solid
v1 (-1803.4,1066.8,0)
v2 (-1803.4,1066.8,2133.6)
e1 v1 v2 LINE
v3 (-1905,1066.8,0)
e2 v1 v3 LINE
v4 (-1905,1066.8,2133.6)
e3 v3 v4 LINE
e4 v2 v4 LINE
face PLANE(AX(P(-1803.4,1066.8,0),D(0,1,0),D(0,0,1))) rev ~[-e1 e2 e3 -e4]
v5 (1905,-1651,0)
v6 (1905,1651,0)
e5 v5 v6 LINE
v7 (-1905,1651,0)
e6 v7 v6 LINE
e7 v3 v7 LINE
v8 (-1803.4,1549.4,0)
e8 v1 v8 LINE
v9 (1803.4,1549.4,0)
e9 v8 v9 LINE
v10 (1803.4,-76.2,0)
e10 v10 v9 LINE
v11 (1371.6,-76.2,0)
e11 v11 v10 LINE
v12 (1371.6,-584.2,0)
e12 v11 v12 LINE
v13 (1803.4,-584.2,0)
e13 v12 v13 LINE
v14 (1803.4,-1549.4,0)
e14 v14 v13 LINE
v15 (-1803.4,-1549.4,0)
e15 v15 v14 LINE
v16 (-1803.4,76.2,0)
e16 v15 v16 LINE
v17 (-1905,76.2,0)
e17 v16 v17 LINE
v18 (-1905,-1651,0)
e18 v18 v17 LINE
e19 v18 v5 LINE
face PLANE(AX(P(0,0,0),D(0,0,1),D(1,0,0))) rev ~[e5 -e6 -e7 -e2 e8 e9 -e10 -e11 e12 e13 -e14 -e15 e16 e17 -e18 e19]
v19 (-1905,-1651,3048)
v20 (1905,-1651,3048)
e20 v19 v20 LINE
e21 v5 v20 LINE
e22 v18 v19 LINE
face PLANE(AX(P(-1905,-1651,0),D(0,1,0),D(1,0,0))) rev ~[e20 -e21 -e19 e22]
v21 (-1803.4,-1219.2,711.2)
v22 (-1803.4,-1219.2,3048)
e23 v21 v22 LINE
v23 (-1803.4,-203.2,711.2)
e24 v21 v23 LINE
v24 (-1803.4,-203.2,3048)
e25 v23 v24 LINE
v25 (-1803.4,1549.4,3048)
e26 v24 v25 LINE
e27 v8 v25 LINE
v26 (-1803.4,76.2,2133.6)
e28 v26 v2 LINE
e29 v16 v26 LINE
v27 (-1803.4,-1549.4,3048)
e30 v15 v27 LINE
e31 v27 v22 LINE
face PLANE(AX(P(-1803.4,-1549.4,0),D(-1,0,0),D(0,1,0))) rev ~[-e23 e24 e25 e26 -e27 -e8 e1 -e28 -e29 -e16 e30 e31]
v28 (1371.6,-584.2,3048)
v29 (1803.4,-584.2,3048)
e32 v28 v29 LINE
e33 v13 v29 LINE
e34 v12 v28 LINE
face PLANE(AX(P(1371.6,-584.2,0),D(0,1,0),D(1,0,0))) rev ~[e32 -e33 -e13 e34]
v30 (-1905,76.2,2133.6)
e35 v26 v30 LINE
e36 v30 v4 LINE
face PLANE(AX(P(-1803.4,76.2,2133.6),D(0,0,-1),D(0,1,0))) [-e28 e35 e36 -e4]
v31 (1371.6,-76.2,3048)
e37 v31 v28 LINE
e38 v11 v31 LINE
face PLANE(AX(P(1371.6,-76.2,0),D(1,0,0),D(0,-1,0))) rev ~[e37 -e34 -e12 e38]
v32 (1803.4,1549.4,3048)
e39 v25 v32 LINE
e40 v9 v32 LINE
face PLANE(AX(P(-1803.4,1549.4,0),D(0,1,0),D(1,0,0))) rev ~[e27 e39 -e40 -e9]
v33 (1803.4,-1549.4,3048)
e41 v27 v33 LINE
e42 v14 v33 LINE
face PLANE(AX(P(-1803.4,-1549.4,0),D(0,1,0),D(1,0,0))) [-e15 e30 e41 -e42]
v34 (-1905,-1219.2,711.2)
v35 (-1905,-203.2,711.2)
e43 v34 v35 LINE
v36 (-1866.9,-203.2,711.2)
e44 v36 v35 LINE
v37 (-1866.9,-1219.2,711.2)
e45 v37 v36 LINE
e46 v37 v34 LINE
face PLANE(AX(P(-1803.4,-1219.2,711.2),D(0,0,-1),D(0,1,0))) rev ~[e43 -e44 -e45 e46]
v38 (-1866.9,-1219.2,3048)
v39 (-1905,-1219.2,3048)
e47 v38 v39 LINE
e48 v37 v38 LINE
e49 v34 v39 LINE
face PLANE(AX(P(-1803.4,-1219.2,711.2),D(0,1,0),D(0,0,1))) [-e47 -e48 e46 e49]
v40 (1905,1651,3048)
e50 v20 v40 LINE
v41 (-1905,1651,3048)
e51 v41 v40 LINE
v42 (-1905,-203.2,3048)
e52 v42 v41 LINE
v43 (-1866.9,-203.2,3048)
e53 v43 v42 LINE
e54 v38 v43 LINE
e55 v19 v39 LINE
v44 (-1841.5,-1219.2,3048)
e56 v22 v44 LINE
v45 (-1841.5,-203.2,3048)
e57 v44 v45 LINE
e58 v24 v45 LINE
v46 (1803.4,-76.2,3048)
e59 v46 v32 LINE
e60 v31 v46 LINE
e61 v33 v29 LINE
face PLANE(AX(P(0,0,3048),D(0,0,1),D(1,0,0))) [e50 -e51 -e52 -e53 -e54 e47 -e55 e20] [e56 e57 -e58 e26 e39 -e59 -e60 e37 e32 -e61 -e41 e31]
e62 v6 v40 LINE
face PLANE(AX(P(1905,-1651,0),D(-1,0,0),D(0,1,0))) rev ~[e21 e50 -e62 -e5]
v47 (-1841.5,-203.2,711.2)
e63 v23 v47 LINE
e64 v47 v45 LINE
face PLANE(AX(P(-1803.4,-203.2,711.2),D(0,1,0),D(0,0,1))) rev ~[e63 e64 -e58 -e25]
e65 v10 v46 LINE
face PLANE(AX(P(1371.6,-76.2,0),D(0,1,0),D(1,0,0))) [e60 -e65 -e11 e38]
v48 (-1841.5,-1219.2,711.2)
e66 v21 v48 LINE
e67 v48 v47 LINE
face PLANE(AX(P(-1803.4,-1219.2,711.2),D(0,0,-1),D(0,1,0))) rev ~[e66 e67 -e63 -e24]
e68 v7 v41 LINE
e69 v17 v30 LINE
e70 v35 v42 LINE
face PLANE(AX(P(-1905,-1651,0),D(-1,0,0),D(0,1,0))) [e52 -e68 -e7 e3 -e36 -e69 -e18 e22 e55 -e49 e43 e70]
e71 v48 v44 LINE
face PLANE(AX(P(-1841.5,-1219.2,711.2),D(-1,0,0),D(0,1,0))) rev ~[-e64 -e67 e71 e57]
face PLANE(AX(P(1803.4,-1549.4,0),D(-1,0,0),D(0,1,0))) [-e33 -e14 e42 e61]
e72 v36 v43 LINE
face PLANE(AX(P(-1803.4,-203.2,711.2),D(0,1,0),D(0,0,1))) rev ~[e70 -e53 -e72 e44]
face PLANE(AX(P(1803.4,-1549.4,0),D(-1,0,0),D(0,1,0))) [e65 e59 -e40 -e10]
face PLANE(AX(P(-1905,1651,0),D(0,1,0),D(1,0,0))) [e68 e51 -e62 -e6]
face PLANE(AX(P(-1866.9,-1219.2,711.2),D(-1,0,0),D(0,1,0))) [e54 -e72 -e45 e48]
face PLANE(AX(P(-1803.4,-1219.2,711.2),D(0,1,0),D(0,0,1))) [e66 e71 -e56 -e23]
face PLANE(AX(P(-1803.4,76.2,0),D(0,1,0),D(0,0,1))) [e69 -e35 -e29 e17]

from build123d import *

# Parameters (mm, degrees)
F0_W     = 3810
F0_H     = 3302
F0_W_2   = 3606.8
F0_H_2   = 3098.8
F1_DEPTH = 3048
F2_W     = 990.6
F2_H     = 2133.6
F3_DEPTH = 101.6
F4_W     = 431.8
F4_H     = 508
F5_DEPTH = 3048
F6_W     = 1016
F6_H     = 2336.8
F7_DEPTH = 101.6
F8_W     = 25.4
F8_H     = 1016
F9_DEPTH = 2336.8


with BuildPart() as f1:
    # F0 (on Top) → F1 (new body)
    with BuildSketch(Plane.XY):
        Rectangle(F0_W, F0_H)
        Rectangle(F0_W_2, F0_H_2, mode=Mode.SUBTRACT)
    extrude(amount=F1_DEPTH)

    # F2 (on face) → F3 (cut, through all)
    with BuildSketch(Plane.YZ.offset(-1803.4)):
        with Locations((571.5, 1066.8)):
            Rectangle(F2_W, F2_H)
    extrude(amount=-F3_DEPTH, mode=Mode.SUBTRACT)

    # F4 (on face) → F5 (join, through all)
    with BuildSketch(Plane(origin=(0, 0, 0), x_dir=(1, 0, 0), z_dir=(0, 0, -1))):
        with Locations((1587.5, 330.2)):
            Rectangle(F4_W, F4_H)
    extrude(amount=-F5_DEPTH)

    # F6 (on face) → F7 (cut, through all)
    with BuildSketch(Plane.YZ.offset(-1803.4)):
        with Locations((-711.2, 1879.6)):
            Rectangle(F6_W, F6_H)
    extrude(amount=-F7_DEPTH, mode=Mode.SUBTRACT)

    # F8 (on face) → F9 (join, through all)
    with BuildSketch(Plane.XY.offset(711.2)):
        with Locations((-1854.2, -711.2)):
            Rectangle(F8_W, F8_H)
    extrude(amount=F9_DEPTH)


solid = f1.part
